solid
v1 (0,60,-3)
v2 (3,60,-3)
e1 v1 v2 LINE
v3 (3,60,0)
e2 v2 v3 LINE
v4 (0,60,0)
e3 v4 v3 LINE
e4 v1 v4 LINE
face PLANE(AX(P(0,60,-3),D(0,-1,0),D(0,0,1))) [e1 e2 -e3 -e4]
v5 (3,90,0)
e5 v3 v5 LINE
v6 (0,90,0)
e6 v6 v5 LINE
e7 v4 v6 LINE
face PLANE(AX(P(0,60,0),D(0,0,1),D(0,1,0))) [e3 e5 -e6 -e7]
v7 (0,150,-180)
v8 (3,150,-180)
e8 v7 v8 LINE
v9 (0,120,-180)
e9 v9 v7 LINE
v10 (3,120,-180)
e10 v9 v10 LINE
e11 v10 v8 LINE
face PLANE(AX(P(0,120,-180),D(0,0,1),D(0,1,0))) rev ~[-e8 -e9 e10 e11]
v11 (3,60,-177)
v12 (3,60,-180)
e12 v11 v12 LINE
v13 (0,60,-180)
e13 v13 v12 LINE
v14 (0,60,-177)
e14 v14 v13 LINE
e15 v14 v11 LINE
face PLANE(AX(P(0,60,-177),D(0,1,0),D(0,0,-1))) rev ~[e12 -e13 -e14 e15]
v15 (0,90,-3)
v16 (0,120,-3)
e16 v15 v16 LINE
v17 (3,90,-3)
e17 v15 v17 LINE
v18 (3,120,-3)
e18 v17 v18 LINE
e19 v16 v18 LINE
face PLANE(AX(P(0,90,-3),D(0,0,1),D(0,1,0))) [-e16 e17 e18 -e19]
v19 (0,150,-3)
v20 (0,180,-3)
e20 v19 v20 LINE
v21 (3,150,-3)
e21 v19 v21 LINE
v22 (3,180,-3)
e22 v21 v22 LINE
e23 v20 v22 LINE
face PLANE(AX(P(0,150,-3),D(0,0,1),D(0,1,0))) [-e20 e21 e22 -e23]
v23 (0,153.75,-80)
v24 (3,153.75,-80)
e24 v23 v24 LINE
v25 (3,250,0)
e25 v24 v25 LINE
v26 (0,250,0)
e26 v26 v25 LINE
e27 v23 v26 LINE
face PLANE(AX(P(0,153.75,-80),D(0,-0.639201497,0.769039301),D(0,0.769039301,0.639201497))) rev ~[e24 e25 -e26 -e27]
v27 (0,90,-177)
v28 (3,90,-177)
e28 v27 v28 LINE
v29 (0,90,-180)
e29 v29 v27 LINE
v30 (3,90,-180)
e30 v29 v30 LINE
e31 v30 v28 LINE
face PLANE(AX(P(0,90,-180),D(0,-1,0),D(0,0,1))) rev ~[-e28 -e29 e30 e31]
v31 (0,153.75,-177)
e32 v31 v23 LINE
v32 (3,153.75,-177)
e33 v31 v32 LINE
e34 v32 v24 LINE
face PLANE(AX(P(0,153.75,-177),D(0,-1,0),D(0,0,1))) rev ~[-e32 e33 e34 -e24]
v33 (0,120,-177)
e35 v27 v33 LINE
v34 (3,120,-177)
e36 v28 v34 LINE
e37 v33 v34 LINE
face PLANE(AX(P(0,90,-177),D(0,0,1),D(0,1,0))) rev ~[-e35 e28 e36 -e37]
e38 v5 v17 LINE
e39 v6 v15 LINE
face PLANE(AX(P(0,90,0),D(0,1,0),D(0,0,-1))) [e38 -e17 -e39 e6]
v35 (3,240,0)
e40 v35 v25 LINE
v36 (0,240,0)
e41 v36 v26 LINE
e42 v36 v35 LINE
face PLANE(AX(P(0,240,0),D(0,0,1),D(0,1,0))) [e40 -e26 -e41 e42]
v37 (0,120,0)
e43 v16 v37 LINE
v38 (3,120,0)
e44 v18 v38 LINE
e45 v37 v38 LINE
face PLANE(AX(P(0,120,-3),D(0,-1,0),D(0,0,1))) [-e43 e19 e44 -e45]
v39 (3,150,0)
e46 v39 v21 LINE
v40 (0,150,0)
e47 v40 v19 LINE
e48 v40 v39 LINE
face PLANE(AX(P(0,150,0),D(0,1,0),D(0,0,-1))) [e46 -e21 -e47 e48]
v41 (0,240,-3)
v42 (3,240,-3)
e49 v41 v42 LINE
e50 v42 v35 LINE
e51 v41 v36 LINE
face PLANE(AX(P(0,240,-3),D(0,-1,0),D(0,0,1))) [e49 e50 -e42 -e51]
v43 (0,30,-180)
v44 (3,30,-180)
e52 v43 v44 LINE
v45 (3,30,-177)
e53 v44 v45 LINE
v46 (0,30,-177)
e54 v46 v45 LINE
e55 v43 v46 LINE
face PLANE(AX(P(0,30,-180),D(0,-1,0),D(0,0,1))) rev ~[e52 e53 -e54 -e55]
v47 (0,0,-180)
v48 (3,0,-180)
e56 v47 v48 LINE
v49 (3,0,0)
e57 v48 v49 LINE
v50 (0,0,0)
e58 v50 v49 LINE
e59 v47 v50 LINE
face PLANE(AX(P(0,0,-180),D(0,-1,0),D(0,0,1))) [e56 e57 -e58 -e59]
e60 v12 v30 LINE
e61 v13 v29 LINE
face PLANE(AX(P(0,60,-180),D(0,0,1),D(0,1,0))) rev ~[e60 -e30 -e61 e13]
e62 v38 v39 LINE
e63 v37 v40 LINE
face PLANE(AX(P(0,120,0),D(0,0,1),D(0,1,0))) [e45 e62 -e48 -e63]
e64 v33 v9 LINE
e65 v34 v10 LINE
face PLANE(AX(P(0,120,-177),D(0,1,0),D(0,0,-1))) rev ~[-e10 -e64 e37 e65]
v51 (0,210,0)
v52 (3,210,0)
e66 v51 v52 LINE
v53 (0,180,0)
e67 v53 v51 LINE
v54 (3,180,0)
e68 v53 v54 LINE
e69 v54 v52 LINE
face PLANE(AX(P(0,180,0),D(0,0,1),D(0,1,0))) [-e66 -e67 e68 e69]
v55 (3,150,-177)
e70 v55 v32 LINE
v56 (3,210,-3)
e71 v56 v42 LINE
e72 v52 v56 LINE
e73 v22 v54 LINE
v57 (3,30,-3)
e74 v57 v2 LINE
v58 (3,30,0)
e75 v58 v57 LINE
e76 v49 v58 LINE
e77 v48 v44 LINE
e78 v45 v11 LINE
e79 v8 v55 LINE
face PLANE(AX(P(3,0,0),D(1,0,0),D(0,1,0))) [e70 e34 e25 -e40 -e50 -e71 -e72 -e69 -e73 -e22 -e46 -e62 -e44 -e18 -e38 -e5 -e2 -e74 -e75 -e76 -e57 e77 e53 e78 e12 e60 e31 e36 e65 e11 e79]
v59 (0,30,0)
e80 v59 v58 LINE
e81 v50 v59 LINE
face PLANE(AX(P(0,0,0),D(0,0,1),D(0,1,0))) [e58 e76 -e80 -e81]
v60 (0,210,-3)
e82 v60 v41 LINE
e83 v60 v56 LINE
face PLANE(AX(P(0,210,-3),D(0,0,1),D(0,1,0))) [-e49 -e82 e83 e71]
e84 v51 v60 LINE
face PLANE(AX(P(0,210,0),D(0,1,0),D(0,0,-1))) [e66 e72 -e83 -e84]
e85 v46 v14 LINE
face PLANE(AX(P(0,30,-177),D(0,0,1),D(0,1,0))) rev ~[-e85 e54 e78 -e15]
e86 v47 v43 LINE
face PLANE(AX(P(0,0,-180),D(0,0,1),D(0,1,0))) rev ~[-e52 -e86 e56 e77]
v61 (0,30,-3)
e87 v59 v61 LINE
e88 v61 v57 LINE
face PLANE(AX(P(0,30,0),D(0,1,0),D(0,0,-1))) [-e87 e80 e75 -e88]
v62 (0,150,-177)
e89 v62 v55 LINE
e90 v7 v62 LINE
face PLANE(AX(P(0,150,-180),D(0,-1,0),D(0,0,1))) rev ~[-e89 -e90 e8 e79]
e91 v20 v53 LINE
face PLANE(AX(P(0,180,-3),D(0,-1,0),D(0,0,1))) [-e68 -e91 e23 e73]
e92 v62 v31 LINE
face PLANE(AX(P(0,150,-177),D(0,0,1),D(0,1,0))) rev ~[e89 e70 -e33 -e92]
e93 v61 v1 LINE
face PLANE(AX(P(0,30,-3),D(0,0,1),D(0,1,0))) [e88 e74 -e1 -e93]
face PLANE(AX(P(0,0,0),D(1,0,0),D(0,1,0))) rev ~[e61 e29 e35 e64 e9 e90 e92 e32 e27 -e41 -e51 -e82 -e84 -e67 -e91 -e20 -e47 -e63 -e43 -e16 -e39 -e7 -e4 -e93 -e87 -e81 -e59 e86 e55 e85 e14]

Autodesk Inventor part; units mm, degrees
ref_plane "YZ Plane" through (0, 0, 0) normal (1, 0, 0) x (0, 1, 0)
ref_plane "XZ Plane" through (0, 0, 0) normal (0, 1, 0) x (-1, 0, 0)
ref_plane "XY Plane" through (0, 0, 0) normal (0, 0, 1) x (1, 0, 0)
sketch "Sketch2" plane through (0, 0, 0) normal (1, 0, 0) x (0, 1, 0)
  line L0 (0, -180) -> (0, 0)
  line L1 (0, 0) -> (30, 0)
  line L2 (30, 0) -> (30, -3)
  line L3 (30, -3) -> (60, -3)
  line L4 (60, -3) -> (60, 0)
  line L5 (60, 0) -> (90, 0)
  line L6 (90, 0) -> (90, -3)
  line L7 (90, -3) -> (120, -3)
  line L8 (120, -3) -> (120, 0)
  line L9 (120, 0) -> (150, 0)
  line L10 (150, 0) -> (150, -3)
  line L11 (150, -3) -> (180, -3)
  line L12 (180, -3) -> (180, 0)
  line L13 (180, 0) -> (210, 0)
  line L14 (210, 0) -> (210, -3)
  line L15 (210, -3) -> (240, -3)
  line L16 (240, -3) -> (240, 0)
  line L17 (240, 0) -> (250, 0)
  line L18 (153.75, -180) -> (153.75, -80)
  line L19 (153.75, -80) -> (250, 0)
  line L20 (0, -90) -> (37, -90) construction
  line L21 (0, -180) -> (30, -180)
  line L22 (30, -180) -> (30, -177)
  line L23 (30, -177) -> (60, -177)
  line L24 (60, -177) -> (60, -180)
  line L25 (60, -180) -> (90, -180)
  line L26 (90, -180) -> (90, -177)
  line L27 (90, -177) -> (120, -177)
  line L28 (120, -177) -> (120, -180)
  line L29 (120, -180) -> (150, -180)
  line L30 (150, -180) -> (150, -177)
  line L31 (150, -177) -> (153.75, -177)
  line L32 (153.75, -180) -> (180, -180)
  line L33 (153.75, -180) -> (0, -180)
  point P0 (180, -177)
  point P1 (210, -180)
  dimension "d25" = 180
  dimension "d26" = 250
  dimension "d27" = 30
  dimension "d28" = 3
  dimension "d29" = 30
  dimension "d30" = 3
  dimension "d31" = 30
  dimension "d32" = 3
  dimension "d33" = 30
  dimension "d34" = 3
  dimension "d35" = 30
  dimension "d36" = 3
  dimension "d37" = 30
  dimension "d38" = 3
  dimension "d39" = 30
  dimension "d40" = 3
  dimension "d41" = 30
  dimension "d42" = 3
  dimension "d43" = 10
  dimension "d47" = 203
  dimension "d51" = 100
extrude "Extrusion2" add sketch "Sketch2" along normal blind 3 contours L0 L1 L2 L3 L4 L5 L6 L7 L8 L9 L10 L11 L12 L13 L14 L15 L16 L17 L19 L18 L31 L30 L29 L28 L27 L26 L25 L24 L23 L22 L21
properties part number "Q side 1" material "ABS Plastic"
